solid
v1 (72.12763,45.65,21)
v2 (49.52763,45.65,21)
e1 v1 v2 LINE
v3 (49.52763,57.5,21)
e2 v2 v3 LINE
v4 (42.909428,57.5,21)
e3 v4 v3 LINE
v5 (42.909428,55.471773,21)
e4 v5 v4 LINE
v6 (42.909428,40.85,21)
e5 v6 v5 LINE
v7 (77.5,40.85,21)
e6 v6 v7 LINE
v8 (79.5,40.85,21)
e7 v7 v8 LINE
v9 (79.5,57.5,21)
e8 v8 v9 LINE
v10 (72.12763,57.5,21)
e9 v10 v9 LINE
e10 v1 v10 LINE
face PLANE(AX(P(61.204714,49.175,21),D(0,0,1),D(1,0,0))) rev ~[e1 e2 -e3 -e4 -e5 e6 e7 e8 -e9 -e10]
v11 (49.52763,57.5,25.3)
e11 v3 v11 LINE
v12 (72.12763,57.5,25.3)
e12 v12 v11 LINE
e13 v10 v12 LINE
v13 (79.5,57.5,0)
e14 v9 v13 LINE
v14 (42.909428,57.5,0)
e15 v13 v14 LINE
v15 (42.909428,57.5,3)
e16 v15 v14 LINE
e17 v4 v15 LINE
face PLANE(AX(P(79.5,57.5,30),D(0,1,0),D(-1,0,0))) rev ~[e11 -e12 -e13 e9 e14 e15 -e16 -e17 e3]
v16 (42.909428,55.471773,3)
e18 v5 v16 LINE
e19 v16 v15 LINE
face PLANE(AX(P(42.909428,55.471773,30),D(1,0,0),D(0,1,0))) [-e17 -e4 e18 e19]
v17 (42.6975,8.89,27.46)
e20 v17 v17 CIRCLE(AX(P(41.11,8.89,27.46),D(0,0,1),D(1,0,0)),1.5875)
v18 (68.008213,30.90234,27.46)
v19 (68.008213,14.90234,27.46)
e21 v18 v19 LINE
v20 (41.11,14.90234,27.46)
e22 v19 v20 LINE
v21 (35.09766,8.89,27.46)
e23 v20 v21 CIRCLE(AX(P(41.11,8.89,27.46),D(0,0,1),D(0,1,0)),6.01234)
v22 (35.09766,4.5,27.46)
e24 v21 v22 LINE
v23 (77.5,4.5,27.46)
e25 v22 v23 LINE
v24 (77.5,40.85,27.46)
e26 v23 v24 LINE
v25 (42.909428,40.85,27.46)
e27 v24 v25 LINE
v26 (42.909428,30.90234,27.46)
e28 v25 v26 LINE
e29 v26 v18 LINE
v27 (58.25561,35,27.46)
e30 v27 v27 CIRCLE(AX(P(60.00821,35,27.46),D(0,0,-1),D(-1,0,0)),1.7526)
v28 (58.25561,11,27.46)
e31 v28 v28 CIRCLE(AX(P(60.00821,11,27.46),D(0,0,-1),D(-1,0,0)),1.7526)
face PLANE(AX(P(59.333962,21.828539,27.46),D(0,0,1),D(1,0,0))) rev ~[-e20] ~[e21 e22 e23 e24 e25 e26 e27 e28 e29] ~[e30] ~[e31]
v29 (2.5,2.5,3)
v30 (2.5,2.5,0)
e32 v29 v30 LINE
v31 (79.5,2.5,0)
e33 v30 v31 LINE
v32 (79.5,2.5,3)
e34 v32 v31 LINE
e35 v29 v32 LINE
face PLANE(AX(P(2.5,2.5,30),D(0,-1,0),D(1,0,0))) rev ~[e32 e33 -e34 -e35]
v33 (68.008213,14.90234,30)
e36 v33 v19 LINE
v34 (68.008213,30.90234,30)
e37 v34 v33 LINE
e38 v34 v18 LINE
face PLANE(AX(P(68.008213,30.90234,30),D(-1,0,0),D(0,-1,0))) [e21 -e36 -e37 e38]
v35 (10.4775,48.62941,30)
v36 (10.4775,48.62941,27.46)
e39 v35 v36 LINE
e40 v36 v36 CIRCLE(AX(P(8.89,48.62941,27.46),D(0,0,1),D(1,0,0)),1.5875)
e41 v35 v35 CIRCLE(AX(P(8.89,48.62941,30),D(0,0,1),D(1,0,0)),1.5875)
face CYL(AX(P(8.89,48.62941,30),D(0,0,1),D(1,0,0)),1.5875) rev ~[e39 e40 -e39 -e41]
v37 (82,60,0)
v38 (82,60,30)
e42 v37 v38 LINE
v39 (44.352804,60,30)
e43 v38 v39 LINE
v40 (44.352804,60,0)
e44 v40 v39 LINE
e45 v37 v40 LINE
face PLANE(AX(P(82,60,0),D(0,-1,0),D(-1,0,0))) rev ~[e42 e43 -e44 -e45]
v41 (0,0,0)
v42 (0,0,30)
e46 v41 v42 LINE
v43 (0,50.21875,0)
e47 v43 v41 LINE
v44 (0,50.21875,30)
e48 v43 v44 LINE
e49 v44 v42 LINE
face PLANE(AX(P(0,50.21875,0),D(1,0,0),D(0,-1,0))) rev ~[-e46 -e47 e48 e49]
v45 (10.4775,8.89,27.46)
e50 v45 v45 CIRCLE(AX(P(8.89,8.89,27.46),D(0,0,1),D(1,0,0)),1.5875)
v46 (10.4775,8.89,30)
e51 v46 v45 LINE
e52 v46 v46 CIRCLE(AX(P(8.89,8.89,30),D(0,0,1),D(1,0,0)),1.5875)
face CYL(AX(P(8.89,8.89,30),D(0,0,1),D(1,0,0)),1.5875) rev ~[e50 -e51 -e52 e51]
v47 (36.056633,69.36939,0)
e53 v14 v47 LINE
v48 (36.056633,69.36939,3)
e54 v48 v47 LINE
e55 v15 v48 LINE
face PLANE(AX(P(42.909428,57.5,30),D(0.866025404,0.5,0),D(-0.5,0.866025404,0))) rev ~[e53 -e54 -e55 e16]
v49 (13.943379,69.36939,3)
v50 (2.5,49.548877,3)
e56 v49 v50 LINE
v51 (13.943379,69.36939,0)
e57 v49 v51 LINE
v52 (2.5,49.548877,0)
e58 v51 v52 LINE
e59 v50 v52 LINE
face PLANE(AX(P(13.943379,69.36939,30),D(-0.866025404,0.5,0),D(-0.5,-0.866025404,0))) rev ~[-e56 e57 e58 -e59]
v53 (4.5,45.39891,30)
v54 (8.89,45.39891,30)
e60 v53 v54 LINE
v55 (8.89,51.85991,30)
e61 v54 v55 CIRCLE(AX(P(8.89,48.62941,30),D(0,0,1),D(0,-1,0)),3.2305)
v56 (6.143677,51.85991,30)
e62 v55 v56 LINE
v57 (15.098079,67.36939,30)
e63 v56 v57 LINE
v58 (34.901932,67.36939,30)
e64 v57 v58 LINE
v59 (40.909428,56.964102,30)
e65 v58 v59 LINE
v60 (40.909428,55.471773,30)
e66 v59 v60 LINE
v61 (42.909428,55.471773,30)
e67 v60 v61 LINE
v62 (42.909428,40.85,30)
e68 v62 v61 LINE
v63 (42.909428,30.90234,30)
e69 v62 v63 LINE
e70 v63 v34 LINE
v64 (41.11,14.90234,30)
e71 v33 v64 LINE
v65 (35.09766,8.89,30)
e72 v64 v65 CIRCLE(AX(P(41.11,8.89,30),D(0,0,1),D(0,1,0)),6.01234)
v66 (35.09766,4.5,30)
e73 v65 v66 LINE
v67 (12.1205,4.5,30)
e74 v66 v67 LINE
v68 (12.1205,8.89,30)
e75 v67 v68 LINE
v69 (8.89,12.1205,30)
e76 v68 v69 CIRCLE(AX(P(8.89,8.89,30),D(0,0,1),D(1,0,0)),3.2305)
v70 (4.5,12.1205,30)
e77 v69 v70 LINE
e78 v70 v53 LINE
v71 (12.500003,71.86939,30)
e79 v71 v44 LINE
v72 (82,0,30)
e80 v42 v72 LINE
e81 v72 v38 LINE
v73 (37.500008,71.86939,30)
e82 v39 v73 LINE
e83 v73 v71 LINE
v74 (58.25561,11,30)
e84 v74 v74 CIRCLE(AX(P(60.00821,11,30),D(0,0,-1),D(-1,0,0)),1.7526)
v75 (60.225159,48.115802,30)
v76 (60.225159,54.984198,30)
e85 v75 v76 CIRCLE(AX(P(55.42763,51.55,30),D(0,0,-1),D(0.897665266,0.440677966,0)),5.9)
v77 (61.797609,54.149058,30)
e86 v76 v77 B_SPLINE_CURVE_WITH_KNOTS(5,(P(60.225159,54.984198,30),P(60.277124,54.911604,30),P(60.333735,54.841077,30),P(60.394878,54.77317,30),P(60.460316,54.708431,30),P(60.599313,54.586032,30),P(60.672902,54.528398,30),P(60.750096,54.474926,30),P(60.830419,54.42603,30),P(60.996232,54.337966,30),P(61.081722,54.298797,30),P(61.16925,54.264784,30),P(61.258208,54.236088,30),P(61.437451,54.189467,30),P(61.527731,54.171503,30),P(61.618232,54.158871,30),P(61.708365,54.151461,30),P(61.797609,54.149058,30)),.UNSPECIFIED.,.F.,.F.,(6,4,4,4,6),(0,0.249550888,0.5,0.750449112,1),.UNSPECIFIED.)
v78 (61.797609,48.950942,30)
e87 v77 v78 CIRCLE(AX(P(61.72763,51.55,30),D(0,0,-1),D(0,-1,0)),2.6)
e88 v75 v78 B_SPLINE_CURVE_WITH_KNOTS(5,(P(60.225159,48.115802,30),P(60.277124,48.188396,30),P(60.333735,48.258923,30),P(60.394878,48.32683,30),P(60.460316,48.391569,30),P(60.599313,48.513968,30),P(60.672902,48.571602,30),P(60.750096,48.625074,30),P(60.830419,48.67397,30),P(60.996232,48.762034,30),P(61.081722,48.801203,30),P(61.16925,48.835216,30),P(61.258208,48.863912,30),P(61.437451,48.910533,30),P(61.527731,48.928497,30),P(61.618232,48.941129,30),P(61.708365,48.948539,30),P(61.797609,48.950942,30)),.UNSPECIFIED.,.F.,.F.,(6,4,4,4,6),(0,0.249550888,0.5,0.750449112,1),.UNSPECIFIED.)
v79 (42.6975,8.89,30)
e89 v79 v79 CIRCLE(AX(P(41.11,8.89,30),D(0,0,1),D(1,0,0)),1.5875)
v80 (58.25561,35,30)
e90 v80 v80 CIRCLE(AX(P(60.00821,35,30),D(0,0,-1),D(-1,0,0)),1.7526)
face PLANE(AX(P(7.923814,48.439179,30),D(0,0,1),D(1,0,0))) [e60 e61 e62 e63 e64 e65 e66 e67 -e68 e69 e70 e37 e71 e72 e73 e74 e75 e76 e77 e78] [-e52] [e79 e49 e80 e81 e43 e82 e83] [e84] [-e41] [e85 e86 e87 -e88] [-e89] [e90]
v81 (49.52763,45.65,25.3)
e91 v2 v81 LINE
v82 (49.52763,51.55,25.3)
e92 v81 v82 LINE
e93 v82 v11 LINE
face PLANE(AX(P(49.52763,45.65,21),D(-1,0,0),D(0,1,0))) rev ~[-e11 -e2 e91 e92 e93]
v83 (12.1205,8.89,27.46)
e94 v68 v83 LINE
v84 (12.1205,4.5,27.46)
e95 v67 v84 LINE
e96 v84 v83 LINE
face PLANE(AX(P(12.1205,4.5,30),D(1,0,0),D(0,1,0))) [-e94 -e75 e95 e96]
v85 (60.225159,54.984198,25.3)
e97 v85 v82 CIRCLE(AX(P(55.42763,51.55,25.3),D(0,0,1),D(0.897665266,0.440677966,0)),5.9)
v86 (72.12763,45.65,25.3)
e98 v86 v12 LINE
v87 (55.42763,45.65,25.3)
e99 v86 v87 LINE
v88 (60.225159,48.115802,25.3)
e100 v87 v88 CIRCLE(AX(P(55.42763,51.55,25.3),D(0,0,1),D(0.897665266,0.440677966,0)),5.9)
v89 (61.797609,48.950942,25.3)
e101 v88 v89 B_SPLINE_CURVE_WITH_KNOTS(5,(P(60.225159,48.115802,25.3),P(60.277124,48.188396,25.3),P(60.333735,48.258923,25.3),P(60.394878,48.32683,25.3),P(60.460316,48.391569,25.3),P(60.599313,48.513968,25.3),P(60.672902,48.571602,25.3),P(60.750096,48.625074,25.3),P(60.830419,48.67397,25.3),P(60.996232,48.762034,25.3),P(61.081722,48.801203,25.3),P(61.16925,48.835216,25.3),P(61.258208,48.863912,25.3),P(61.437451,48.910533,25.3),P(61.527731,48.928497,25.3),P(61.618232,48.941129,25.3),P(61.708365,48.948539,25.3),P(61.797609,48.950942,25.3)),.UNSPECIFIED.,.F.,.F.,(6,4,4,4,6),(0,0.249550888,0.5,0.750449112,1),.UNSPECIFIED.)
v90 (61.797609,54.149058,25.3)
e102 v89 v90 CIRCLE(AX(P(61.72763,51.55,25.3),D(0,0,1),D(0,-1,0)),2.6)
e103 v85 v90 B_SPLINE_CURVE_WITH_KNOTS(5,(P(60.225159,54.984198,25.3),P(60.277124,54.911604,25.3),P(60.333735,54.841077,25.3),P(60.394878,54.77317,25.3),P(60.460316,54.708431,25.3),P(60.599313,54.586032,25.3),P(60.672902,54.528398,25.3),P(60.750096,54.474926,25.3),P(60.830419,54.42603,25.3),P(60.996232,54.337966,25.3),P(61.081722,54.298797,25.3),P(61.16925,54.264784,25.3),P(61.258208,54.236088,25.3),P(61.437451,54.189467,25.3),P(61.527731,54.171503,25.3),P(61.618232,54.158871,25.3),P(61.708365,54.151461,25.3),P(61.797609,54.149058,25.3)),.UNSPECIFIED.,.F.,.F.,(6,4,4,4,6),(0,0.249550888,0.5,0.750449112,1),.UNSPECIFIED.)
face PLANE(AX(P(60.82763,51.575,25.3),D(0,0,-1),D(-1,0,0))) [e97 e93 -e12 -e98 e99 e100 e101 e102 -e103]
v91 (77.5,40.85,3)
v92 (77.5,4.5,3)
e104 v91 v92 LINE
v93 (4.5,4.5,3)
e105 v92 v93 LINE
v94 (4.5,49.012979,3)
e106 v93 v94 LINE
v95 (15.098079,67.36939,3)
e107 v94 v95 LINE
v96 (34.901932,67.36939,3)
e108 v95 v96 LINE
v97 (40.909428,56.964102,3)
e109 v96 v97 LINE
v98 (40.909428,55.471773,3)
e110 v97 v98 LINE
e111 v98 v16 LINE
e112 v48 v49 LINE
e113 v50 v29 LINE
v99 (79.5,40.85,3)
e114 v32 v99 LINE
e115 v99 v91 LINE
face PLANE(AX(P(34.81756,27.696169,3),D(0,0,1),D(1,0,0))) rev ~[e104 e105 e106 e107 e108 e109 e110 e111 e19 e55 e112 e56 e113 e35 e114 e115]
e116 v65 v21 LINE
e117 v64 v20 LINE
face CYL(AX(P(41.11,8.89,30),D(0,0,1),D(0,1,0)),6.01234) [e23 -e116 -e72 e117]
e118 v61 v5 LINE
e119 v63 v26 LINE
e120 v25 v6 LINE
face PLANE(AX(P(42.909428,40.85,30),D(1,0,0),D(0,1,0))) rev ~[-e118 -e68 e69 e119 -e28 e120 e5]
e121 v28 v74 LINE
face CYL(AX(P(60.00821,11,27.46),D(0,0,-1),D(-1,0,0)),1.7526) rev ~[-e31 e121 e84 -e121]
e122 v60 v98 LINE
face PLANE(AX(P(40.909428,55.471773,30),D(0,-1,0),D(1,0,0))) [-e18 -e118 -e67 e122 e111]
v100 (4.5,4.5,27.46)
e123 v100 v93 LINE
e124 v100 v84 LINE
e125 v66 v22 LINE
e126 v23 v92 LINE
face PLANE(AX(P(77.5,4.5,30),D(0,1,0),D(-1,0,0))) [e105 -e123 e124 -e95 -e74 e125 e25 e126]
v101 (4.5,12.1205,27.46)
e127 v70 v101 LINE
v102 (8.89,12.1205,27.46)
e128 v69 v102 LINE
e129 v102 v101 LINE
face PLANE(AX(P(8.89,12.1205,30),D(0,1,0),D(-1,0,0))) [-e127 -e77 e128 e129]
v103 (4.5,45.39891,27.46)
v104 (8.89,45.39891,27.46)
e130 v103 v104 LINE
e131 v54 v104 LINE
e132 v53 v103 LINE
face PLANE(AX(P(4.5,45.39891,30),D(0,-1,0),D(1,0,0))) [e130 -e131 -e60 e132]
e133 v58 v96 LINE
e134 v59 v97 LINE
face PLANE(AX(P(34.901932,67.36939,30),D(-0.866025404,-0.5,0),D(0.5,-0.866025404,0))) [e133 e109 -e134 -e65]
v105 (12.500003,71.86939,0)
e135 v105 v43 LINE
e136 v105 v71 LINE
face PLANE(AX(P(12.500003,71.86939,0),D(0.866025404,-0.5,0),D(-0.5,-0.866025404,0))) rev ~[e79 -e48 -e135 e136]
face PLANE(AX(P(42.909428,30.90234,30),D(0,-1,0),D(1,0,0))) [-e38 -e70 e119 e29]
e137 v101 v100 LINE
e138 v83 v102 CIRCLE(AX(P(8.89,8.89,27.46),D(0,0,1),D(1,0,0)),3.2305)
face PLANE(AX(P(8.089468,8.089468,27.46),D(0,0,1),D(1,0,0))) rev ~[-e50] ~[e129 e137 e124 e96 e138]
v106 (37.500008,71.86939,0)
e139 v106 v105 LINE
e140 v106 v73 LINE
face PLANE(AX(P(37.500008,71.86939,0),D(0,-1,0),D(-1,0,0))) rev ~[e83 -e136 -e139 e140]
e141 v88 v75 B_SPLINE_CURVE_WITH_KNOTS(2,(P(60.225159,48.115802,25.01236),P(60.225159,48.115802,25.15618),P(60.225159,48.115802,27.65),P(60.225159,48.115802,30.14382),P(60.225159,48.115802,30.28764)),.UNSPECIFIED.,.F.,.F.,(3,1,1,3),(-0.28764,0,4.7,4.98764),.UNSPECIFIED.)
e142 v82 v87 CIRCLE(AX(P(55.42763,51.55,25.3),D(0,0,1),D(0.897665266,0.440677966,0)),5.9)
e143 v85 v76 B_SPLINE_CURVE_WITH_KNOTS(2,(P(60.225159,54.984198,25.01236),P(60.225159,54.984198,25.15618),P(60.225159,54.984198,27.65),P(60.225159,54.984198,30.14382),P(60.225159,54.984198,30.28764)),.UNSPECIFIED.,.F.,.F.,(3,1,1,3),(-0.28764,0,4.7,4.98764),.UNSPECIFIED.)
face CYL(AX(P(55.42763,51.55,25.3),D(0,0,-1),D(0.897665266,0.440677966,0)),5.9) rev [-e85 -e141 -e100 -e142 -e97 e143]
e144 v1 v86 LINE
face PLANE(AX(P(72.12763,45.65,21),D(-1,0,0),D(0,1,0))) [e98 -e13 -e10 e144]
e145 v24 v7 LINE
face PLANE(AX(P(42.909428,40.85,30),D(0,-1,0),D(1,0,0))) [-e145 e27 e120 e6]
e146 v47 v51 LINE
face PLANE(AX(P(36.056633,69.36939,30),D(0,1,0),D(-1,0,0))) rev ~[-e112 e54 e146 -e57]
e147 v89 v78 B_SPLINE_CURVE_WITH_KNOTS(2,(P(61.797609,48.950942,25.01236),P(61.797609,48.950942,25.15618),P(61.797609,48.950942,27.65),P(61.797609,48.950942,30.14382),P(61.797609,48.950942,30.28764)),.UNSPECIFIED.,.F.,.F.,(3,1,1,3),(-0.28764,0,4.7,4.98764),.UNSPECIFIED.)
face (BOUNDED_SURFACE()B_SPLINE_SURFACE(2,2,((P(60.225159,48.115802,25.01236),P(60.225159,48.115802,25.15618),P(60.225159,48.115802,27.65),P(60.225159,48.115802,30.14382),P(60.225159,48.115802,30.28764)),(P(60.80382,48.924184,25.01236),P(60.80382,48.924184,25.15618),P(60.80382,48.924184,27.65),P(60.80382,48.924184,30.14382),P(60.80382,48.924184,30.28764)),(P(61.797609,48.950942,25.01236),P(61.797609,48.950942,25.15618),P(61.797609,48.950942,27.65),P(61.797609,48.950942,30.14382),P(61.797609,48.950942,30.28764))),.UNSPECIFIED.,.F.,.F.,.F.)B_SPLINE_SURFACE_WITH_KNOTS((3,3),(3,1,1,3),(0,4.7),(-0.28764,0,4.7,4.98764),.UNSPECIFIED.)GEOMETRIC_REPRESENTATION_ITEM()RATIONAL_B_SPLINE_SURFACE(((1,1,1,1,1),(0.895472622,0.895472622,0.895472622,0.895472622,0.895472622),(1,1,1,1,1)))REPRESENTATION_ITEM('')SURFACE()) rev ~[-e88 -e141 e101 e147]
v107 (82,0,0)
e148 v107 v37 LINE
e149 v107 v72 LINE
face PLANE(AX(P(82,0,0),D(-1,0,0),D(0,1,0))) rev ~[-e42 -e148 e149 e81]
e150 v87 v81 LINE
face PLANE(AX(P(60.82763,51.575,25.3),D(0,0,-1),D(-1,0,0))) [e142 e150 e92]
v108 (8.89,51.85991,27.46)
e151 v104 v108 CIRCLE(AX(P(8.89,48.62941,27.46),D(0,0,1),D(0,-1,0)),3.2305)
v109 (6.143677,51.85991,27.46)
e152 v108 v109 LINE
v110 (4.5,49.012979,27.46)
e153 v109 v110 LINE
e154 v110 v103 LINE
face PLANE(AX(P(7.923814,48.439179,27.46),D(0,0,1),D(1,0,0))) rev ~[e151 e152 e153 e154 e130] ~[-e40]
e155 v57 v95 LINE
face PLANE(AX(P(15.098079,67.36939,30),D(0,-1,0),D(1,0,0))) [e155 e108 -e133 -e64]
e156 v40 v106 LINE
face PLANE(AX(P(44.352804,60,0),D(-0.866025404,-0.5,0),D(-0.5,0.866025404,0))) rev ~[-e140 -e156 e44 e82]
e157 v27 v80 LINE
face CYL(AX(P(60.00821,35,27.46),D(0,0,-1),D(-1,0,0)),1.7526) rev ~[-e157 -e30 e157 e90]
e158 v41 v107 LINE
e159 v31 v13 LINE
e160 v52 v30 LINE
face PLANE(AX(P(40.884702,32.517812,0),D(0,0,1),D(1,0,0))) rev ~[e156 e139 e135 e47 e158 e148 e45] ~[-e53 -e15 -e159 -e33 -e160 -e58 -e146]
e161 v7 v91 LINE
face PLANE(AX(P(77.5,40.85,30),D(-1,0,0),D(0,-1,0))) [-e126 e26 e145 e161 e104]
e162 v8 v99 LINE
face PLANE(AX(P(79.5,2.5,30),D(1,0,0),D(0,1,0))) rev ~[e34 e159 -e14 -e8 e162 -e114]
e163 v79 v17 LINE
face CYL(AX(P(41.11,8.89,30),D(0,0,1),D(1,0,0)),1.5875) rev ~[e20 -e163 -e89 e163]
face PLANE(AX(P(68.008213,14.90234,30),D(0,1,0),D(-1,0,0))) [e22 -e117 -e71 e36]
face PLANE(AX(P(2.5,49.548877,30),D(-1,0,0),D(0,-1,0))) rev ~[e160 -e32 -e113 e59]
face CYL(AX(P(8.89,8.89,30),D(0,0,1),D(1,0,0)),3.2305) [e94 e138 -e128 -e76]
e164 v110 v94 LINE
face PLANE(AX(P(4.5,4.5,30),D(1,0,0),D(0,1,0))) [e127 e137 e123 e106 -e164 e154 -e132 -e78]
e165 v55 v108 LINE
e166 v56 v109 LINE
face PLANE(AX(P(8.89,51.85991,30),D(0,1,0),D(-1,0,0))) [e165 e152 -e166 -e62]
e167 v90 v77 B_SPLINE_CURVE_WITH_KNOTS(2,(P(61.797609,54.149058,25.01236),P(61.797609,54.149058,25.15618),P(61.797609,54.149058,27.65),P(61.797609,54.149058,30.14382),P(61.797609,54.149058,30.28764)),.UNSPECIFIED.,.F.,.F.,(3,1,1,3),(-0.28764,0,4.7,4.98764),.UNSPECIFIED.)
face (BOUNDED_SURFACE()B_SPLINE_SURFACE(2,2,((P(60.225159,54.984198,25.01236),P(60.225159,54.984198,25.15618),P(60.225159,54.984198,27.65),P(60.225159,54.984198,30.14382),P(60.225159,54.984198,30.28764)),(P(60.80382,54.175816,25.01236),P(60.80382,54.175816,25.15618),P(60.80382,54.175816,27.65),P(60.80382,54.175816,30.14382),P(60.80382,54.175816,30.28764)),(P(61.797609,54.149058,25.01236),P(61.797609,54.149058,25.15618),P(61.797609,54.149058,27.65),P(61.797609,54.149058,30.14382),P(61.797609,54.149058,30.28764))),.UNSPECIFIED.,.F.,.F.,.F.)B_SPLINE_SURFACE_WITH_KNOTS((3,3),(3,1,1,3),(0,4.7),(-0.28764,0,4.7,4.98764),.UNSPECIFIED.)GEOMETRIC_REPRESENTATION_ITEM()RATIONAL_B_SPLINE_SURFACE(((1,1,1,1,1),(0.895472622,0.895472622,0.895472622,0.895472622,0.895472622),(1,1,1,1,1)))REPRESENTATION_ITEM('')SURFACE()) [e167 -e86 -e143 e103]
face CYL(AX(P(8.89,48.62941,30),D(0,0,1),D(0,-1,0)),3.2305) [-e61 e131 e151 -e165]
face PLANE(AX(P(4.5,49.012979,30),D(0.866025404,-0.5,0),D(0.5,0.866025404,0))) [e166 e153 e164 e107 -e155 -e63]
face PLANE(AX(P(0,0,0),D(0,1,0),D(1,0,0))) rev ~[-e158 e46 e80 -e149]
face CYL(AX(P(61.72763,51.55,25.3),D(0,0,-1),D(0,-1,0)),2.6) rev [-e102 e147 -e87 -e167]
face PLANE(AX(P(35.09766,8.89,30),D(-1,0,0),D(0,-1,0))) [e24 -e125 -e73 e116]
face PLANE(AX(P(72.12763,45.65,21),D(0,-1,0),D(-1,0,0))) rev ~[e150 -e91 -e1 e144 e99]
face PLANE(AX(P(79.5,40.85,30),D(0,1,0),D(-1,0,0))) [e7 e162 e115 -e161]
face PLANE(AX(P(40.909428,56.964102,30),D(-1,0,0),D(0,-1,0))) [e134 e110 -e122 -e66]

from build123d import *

# Parameters (mm, degrees)
BOSS_EXTRUDE1_DEPTH = 30
CUT_EXTRUDE1_DEPTH  = 59
SKETCH4_W           = 36.590571665
SKETCH4_H           = 16.65
BOSS_EXTRUDE2_DEPTH = 9
SKETCH5_W           = 22.6
SKETCH5_H           = 11.85
CUT_EXTRUDE2_DEPTH  = 4.3
CUT_EXTRUDE3_DEPTH  = 10.2
BOSS_EXTRUDE3_DEPTH = 27
SKETCH9_R           = 1.5875
BOSS_EXTRUDE5_DEPTH = 2.54
SKETCH11_R          = 1.7526
CUT_EXTRUDE4_DEPTH  = 16
FILLET1_R           = 2


with BuildPart() as part:
    # Sketch1 → Boss-Extrude1 (new body)
    with BuildSketch(Plane.XY):
        Polygon((0, 50.21875), (0, 0), (82, 0), (82, 60), (44.352804008, 60), (37.500008496, 71.86939), (12.500002832, 71.86939), align=None)
    extrude(amount=BOSS_EXTRUDE1_DEPTH)

    # Sketch3 → Cut-Extrude1 (cut)
    with BuildSketch(Plane.XY.offset(30)):
        Polygon((42.909428335, 57.5), (36.056632823, 69.36939), (13.943378505, 69.36939), (2.5, 49.548877019), (2.5, 2.5), (79.5, 2.5), (79.5, 57.5), align=None)
    extrude(amount=-CUT_EXTRUDE1_DEPTH, mode=Mode.SUBTRACT)

    # Sketch4 → Boss-Extrude2 (add)
    with BuildSketch(Plane.XY.offset(30)):
        with Locations((61.204714168, 49.175)):
            Rectangle(SKETCH4_W, SKETCH4_H)
    extrude(amount=-BOSS_EXTRUDE2_DEPTH)

    # Sketch5 → Cut-Extrude2 (cut)
    with BuildSketch(Plane(origin=(0, 0, 21), x_dir=(-1, 0, 0), z_dir=(0, 0, -1))):
        with Locations((-60.82763, 51.575)):
            Rectangle(SKETCH5_W, SKETCH5_H)
    extrude(amount=-CUT_EXTRUDE2_DEPTH, mode=Mode.SUBTRACT)

    # Sketch6 → Cut-Extrude3 (cut)
    with BuildSketch(Plane(origin=(0, 0, 25.3), x_dir=(-1, 0, 0), z_dir=(0, 0, -1))):
        with BuildLine():
            Line((-61.72763, 54.15), (-60.723855071, 54.15))
            ThreePointArc((-60.723855071, 54.15), (-49.52763, 51.55), (-60.723855071, 48.95))
            Line((-60.723855071, 48.95), (-61.72763, 48.95))
            ThreePointArc((-61.72763, 48.95), (-64.32763, 51.55), (-61.72763, 54.15))
        make_face()
    extrude(amount=-CUT_EXTRUDE3_DEPTH, mode=Mode.SUBTRACT)

    # Sketch8 → Boss-Extrude3 (add)
    with BuildSketch(Plane.XY.offset(30)):
        Polygon((13.943378505, 69.36939), (2.5, 49.548877019), (2.5, 2.5), (79.5, 2.5), (79.5, 40.85), (77.5, 40.85), (77.5, 4.5), (4.5, 4.5), (4.5, 49.012978634), (15.098079043, 67.36939), (34.901932285, 67.36939), (40.909428335, 56.964101615), (40.909428335, 55.471773493), (42.909428335, 55.471773493), (42.909428335, 57.5), (36.056632823, 69.36939), align=None)
    extrude(amount=-BOSS_EXTRUDE3_DEPTH)

    # Sketch9 → Boss-Extrude5 (add)
    # profile 1 of 3: a face of its own
    with BuildSketch(Plane.XY.offset(30)):
        with BuildLine():
            Line((4.5, 49.012978634), (4.5, 45.39891))
            Line((4.5, 45.39891), (8.89, 45.39891))
            ThreePointArc((8.89, 45.39891), (12.1205, 48.62941), (8.89, 51.85991))
            Line((8.89, 51.85991), (6.14367659, 51.85991))
            Line((6.14367659, 51.85991), (4.5, 49.012978634))
        make_face()
        with Locations((8.89, 48.62941)):
            Circle(SKETCH9_R, mode=Mode.SUBTRACT)
    # profile 2 of 3: a face of its own
    with BuildSketch(Plane.XY.offset(30)):
        with BuildLine():
            Line((4.5, 4.5), (12.1205, 4.5))
            Line((12.1205, 4.5), (12.1205, 8.89))
            ThreePointArc((12.1205, 8.89), (11.174308457, 11.174308457), (8.89, 12.1205))
            Line((8.89, 12.1205), (4.5, 12.1205))
            Line((4.5, 12.1205), (4.5, 4.5))
        make_face()
        with Locations((8.89, 8.89)):
            Circle(SKETCH9_R, mode=Mode.SUBTRACT)
    # profile 3 of 3: a face of its own
    with BuildSketch(Plane.XY.offset(30)):
        with BuildLine():
            Line((77.5, 4.5), (77.5, 40.85))
            Line((77.5, 40.85), (68.00821278, 40.85))
            Line((68.00821278, 40.85), (42.909428335, 40.85))
            Line((42.909428335, 40.85), (42.909428335, 30.90234))
            Line((42.909428335, 30.90234), (68.00821278, 30.90234))
            Line((68.00821278, 30.90234), (68.00821278, 14.90234))
            Line((68.00821278, 14.90234), (44.3405, 14.90234))
            Line((44.3405, 14.90234), (41.11, 14.90234))
            ThreePointArc((41.11, 14.90234), (36.858633615, 13.141366385), (35.09766, 8.89))
            Line((35.09766, 8.89), (35.09766, 4.5))
            Line((35.09766, 4.5), (44.3405, 4.5))
            Line((44.3405, 4.5), (68.00821278, 4.5))
            Line((68.00821278, 4.5), (77.5, 4.5))
        make_face()
        with Locations((41.11, 8.89)):
            Circle(SKETCH9_R, mode=Mode.SUBTRACT)
    extrude(amount=-BOSS_EXTRUDE5_DEPTH)

    # Sketch11 → Cut-Extrude4 (cut)
    with BuildSketch(Plane(origin=(0, 0, 27.46), x_dir=(-1, 0, 0), z_dir=(0, 0, -1))):
        with Locations((-60.00821, 35)):
            Circle(SKETCH11_R)
        with Locations((-60.00821, 11)):
            Circle(SKETCH11_R)
    extrude(amount=-CUT_EXTRUDE4_DEPTH, mode=Mode.SUBTRACT)

    # Fillet1
    fillet1_edges = [part.edges().sort_by_distance(p)[0] for p in [
        (60.723855071, 48.95, 27.65),
        (60.723855071, 54.15, 27.65),
    ]]
    fillet(fillet1_edges, radius=FILLET1_R)


solid = part.part
